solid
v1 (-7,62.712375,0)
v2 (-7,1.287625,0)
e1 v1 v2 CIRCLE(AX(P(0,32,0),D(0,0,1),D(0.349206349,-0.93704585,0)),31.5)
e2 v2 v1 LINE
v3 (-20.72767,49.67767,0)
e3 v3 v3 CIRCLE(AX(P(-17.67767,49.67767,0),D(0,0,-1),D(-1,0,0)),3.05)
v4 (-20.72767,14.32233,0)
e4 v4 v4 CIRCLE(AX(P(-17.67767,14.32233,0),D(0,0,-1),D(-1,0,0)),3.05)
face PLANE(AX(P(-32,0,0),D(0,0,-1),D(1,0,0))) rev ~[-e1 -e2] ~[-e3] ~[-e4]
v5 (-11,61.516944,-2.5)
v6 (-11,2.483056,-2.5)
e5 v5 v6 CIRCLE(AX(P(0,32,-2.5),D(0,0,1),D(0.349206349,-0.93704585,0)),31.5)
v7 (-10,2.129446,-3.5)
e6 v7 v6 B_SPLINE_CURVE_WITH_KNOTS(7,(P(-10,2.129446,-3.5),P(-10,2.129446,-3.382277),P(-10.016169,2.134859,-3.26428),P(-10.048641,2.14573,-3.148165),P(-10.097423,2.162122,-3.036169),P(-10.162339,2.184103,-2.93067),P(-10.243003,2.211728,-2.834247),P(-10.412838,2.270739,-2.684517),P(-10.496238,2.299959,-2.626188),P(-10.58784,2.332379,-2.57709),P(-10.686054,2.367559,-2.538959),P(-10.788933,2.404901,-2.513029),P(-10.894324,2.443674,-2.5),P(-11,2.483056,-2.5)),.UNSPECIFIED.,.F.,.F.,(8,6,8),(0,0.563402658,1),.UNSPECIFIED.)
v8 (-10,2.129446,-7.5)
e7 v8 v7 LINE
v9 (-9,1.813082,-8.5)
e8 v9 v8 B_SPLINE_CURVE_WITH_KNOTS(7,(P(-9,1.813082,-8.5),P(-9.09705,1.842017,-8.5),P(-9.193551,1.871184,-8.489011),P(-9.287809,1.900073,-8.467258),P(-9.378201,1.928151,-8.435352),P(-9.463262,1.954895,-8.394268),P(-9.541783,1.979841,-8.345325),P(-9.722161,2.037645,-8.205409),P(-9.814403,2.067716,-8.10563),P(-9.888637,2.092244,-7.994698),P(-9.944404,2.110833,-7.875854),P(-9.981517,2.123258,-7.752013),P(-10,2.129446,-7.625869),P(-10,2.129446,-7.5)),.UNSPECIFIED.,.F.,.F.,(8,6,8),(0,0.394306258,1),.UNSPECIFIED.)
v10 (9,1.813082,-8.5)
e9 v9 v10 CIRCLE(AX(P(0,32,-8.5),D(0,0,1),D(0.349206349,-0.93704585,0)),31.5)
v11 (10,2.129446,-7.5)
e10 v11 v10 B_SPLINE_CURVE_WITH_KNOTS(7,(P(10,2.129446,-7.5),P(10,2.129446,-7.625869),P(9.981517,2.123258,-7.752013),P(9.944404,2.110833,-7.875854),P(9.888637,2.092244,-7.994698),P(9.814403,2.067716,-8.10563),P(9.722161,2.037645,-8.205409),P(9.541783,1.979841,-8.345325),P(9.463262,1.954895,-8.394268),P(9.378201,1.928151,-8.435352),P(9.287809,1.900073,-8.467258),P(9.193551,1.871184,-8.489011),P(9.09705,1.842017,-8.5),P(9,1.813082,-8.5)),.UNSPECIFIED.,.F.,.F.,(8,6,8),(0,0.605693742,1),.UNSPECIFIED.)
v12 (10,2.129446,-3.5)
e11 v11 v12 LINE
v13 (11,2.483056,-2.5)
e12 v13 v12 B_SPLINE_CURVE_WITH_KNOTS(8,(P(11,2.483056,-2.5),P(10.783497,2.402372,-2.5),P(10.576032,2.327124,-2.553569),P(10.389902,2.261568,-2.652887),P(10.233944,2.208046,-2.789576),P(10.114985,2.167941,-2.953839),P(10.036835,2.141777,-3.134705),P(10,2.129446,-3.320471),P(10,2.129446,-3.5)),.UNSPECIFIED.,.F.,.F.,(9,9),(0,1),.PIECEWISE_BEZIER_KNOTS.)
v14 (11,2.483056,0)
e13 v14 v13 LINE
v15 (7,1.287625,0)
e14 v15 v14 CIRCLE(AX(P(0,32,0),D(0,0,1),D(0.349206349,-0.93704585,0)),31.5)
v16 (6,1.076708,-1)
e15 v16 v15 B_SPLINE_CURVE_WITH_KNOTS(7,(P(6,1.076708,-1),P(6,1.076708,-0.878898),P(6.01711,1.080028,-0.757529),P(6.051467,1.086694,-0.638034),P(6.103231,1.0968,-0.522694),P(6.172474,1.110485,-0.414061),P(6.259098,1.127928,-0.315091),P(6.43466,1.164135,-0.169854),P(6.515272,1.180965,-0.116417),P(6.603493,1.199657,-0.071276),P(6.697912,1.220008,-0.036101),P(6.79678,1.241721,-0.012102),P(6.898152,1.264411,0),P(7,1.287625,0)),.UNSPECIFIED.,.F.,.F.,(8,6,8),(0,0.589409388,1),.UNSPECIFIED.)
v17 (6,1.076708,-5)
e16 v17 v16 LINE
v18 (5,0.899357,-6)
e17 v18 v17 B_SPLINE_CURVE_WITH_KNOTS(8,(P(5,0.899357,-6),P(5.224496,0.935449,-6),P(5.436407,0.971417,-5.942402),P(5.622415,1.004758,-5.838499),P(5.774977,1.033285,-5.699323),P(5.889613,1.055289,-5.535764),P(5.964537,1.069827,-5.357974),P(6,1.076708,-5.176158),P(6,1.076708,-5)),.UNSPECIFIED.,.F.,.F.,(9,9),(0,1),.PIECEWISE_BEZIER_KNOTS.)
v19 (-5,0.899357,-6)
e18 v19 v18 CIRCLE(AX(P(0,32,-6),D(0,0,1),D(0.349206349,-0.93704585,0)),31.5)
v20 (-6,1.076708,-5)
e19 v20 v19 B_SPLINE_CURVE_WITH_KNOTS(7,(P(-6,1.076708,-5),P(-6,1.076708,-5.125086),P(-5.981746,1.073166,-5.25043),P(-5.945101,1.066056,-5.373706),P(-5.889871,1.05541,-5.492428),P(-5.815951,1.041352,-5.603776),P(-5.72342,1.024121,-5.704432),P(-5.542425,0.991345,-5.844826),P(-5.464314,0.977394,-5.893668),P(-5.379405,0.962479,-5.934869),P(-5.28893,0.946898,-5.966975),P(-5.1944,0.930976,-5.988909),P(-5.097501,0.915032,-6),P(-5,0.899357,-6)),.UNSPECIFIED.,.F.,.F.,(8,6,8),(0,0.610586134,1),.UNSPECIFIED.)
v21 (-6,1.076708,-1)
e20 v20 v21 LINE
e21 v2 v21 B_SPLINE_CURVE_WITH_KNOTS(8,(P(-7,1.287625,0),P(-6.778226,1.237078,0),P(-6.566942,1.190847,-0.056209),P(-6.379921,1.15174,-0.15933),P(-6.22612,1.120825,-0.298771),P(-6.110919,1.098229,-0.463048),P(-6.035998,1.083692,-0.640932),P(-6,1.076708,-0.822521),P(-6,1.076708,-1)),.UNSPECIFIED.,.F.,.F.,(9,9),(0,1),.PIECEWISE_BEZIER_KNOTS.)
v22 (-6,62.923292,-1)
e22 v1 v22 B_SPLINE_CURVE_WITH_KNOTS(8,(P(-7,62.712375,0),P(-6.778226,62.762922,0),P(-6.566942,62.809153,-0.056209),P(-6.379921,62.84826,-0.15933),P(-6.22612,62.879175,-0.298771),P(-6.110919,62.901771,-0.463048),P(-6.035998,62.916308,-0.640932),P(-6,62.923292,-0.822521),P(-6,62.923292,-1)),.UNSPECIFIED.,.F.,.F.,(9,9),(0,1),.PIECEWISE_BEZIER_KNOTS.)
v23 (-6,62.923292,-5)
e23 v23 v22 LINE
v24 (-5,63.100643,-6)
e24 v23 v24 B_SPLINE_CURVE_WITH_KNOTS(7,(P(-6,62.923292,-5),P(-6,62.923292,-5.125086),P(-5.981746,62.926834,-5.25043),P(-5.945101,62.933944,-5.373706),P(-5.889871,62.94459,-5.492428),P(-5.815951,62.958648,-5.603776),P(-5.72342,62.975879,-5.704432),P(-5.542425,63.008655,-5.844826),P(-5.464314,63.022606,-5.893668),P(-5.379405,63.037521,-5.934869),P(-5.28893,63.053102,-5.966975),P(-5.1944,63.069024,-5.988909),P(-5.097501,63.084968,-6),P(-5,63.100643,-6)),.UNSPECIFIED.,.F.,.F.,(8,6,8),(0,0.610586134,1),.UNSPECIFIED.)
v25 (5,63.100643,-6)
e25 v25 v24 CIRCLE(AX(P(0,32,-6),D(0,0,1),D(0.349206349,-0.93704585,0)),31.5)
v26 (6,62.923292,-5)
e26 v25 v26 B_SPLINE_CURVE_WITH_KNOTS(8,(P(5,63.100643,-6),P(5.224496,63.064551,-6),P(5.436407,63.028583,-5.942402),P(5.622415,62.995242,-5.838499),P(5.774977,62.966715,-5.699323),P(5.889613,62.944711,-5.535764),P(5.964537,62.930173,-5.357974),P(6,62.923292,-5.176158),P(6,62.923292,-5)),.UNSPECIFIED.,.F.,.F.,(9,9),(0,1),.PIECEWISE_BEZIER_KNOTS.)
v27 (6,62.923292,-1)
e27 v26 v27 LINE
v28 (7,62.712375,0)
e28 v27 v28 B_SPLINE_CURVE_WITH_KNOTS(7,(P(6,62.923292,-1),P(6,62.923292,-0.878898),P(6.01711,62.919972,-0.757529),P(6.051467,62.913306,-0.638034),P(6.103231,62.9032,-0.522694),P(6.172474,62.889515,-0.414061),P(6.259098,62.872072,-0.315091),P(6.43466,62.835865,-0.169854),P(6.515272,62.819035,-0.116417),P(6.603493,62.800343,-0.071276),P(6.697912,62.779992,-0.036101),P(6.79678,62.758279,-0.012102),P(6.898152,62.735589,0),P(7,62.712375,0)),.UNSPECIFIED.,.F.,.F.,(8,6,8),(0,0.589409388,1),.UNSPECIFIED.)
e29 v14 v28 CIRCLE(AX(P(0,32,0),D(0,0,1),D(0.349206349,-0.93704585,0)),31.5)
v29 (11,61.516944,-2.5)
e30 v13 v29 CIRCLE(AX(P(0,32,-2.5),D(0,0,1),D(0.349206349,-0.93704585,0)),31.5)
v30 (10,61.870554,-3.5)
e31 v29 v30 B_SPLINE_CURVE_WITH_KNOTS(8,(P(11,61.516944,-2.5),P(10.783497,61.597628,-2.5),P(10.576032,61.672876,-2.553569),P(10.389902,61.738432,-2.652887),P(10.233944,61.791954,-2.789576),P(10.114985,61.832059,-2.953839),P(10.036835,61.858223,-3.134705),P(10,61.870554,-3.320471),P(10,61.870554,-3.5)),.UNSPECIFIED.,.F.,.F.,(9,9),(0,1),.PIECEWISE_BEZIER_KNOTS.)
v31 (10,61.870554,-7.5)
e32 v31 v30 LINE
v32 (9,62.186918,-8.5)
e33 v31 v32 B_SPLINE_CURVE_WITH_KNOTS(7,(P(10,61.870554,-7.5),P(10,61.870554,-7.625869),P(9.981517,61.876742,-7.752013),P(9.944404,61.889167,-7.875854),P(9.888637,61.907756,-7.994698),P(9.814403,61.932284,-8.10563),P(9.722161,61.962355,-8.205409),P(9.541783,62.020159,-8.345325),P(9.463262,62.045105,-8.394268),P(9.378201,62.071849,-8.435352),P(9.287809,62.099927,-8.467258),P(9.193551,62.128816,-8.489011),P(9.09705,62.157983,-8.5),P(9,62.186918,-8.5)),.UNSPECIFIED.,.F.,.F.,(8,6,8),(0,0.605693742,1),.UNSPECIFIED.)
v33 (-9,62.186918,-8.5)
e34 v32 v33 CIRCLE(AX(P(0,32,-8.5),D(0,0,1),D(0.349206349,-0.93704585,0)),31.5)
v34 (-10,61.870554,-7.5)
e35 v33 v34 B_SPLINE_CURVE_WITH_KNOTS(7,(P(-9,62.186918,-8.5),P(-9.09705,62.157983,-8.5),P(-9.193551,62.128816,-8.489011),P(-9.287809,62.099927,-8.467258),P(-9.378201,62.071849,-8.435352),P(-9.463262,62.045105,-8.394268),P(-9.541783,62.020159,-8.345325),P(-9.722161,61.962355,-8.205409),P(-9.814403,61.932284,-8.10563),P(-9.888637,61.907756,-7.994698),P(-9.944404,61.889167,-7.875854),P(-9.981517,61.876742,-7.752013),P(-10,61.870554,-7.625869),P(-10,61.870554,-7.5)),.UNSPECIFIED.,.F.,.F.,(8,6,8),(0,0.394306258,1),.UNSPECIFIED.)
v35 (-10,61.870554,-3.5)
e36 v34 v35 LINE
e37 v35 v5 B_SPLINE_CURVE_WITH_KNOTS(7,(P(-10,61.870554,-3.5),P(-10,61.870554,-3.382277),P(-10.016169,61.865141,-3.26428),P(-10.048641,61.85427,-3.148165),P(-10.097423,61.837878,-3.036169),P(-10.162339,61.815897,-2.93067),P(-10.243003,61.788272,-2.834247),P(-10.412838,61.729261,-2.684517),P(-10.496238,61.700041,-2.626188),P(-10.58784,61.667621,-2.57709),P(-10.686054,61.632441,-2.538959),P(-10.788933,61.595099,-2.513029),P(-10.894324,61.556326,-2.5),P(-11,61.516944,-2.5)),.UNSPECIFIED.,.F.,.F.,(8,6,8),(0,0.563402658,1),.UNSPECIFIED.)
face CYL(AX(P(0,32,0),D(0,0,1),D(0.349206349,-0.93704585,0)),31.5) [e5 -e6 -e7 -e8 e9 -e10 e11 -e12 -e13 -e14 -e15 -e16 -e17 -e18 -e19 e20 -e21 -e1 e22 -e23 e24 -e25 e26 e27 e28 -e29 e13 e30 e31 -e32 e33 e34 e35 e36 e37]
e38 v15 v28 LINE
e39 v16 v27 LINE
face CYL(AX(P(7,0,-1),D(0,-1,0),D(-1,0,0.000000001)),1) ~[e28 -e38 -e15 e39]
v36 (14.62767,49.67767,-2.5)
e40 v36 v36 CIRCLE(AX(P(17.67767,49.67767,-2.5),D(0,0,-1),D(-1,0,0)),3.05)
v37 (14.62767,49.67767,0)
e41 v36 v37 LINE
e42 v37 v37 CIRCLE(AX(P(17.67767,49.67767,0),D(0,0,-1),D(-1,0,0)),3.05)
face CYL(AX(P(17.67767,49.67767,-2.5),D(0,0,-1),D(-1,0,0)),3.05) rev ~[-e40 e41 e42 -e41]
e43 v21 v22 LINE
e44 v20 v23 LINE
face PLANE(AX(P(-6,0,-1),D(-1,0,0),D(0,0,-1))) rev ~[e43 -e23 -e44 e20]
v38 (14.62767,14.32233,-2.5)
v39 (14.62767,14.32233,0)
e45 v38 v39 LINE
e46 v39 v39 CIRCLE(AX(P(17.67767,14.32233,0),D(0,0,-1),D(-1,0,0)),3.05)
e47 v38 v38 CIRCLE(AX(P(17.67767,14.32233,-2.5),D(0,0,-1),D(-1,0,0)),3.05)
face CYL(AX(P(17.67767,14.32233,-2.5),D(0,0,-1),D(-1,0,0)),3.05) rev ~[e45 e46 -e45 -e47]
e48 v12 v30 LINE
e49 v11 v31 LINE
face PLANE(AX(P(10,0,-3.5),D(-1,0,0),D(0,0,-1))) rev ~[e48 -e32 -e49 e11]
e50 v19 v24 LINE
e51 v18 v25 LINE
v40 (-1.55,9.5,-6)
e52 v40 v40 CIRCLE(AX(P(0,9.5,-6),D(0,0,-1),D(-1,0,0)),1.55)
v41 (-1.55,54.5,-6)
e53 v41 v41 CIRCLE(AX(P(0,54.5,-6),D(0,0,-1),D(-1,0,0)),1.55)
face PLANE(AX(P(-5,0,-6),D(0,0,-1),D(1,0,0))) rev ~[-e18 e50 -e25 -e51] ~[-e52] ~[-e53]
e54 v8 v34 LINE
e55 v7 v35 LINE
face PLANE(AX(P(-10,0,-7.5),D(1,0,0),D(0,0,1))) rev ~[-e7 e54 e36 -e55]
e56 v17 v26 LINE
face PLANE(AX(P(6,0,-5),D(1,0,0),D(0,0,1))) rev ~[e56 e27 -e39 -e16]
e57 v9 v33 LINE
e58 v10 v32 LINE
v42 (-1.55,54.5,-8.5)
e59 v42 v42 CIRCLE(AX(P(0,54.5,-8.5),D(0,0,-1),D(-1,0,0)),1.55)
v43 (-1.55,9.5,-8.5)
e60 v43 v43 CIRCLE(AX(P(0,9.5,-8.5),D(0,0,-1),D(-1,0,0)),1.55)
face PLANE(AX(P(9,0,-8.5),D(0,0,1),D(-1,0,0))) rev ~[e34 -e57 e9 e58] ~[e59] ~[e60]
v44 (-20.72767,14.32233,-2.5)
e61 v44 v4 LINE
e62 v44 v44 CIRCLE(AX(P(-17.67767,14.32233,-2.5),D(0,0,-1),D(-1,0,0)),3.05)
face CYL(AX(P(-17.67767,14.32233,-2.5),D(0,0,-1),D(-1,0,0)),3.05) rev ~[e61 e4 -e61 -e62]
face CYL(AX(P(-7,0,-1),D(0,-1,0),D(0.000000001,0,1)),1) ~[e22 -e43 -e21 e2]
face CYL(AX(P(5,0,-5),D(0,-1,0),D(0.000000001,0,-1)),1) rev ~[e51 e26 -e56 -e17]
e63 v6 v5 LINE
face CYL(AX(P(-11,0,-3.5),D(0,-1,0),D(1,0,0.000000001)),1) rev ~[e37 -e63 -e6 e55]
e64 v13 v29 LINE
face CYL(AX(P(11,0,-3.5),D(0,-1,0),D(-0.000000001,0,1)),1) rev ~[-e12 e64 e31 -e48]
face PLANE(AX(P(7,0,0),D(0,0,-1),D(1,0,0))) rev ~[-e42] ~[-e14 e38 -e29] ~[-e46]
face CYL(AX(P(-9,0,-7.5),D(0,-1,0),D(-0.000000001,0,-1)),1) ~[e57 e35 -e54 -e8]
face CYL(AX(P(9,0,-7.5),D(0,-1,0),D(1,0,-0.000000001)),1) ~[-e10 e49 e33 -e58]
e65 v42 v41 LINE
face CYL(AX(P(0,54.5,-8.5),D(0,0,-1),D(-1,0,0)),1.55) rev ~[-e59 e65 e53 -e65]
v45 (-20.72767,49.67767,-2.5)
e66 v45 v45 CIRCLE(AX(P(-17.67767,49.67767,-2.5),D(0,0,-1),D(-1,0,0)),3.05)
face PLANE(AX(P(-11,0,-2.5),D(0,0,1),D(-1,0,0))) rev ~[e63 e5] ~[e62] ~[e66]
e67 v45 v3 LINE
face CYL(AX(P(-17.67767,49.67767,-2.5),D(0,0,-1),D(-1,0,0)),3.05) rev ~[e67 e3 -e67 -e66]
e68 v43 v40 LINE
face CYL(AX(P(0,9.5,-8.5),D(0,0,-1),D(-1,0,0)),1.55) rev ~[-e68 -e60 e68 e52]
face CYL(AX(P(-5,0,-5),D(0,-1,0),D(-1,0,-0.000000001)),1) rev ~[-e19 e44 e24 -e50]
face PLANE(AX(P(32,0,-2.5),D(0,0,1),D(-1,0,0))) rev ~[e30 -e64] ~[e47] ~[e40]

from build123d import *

# Parameters (mm, degrees)
EXTRUDE_1_DEPTH     = 64
SKETCH_2_W          = 73.114285432
SKETCH_2_H          = 69.176673978
SKETCH_2_R          = 31.5
CUT_EXTRUDE_2_DEPTH = 64
SKETCH_3_R          = 3.05
CUT_EXTRUDE_3_DEPTH = 64
SKETCH_4_R          = 1.55
CUT_EXTRUDE_4_DEPTH = 64


with BuildPart() as part:
    # 草图1 → 凸台-拉伸1 (new body)
    with BuildSketch(Plane(origin=(0, 0, 0), x_dir=(1, 0, 0), z_dir=(0, 1, 0))):
        with BuildLine():
            Line((-32, 0), (-7, 0))
            ThreePointArc((-7, 0), (-6.292893219, 0.292893219), (-6, 1))
            Line((-6, 1), (-6, 5))
            ThreePointArc((-6, 5), (-5.707106781, 5.707106781), (-5, 6))
            Line((-5, 6), (5, 6))
            ThreePointArc((5, 6), (5.707106781, 5.707106781), (6, 5))
            Line((6, 5), (6, 1))
            ThreePointArc((6, 1), (6.292893219, 0.292893219), (7, 0))
            Line((7, 0), (32, 0))
            Line((32, 0), (32, 2.5))
            Line((32, 2.5), (11, 2.5))
            ThreePointArc((11, 2.5), (10.292893219, 2.792893219), (10, 3.5))
            Line((10, 3.5), (10, 7.5))
            ThreePointArc((10, 7.5), (9.707106781, 8.207106781), (9, 8.5))
            Line((9, 8.5), (-9, 8.5))
            ThreePointArc((-9, 8.5), (-9.707106781, 8.207106781), (-10, 7.5))
            Line((-10, 7.5), (-10, 3.5))
            ThreePointArc((-10, 3.5), (-10.292893219, 2.792893219), (-11, 2.5))
            Line((-11, 2.5), (-32, 2.5))
            Line((-32, 2.5), (-32, 0))
        make_face()
    extrude(amount=EXTRUDE_1_DEPTH)

    # 草图2 → 切除-拉伸2 (cut)
    with BuildSketch(Plane.XY):
        with Locations((0, 32)):
            Rectangle(SKETCH_2_W, SKETCH_2_H)
        with Locations(Location((0, 32, 0), (0, 0, 290.438779576))):
            Circle(SKETCH_2_R, mode=Mode.SUBTRACT)
    extrude(amount=-CUT_EXTRUDE_2_DEPTH, mode=Mode.SUBTRACT)

    # 草图3 → 切除-拉伸3 (cut)
    with BuildSketch(Plane(origin=(0, 0, -2.5), x_dir=(-1, 0, 0), z_dir=(0, 0, -1))):
        with Locations((-17.67766953, 14.32233047)):
            Circle(SKETCH_3_R)
        with Locations((-17.67766953, 49.67766953)):
            Circle(SKETCH_3_R)
        with Locations((17.67766953, 49.67766953)):
            Circle(SKETCH_3_R)
        with Locations((17.67766953, 14.32233047)):
            Circle(SKETCH_3_R)
    extrude(amount=-CUT_EXTRUDE_3_DEPTH, mode=Mode.SUBTRACT)

    # 草图4 → 切除-拉伸4 (cut)
    with BuildSketch(Plane(origin=(0, 0, -8.5), x_dir=(-1, 0, 0), z_dir=(0, 0, -1))):
        with Locations((0, 54.5)):
            Circle(SKETCH_4_R)
        with Locations((0, 9.5)):
            Circle(SKETCH_4_R)
    extrude(amount=-CUT_EXTRUDE_4_DEPTH, mode=Mode.SUBTRACT)


solid = part.part
